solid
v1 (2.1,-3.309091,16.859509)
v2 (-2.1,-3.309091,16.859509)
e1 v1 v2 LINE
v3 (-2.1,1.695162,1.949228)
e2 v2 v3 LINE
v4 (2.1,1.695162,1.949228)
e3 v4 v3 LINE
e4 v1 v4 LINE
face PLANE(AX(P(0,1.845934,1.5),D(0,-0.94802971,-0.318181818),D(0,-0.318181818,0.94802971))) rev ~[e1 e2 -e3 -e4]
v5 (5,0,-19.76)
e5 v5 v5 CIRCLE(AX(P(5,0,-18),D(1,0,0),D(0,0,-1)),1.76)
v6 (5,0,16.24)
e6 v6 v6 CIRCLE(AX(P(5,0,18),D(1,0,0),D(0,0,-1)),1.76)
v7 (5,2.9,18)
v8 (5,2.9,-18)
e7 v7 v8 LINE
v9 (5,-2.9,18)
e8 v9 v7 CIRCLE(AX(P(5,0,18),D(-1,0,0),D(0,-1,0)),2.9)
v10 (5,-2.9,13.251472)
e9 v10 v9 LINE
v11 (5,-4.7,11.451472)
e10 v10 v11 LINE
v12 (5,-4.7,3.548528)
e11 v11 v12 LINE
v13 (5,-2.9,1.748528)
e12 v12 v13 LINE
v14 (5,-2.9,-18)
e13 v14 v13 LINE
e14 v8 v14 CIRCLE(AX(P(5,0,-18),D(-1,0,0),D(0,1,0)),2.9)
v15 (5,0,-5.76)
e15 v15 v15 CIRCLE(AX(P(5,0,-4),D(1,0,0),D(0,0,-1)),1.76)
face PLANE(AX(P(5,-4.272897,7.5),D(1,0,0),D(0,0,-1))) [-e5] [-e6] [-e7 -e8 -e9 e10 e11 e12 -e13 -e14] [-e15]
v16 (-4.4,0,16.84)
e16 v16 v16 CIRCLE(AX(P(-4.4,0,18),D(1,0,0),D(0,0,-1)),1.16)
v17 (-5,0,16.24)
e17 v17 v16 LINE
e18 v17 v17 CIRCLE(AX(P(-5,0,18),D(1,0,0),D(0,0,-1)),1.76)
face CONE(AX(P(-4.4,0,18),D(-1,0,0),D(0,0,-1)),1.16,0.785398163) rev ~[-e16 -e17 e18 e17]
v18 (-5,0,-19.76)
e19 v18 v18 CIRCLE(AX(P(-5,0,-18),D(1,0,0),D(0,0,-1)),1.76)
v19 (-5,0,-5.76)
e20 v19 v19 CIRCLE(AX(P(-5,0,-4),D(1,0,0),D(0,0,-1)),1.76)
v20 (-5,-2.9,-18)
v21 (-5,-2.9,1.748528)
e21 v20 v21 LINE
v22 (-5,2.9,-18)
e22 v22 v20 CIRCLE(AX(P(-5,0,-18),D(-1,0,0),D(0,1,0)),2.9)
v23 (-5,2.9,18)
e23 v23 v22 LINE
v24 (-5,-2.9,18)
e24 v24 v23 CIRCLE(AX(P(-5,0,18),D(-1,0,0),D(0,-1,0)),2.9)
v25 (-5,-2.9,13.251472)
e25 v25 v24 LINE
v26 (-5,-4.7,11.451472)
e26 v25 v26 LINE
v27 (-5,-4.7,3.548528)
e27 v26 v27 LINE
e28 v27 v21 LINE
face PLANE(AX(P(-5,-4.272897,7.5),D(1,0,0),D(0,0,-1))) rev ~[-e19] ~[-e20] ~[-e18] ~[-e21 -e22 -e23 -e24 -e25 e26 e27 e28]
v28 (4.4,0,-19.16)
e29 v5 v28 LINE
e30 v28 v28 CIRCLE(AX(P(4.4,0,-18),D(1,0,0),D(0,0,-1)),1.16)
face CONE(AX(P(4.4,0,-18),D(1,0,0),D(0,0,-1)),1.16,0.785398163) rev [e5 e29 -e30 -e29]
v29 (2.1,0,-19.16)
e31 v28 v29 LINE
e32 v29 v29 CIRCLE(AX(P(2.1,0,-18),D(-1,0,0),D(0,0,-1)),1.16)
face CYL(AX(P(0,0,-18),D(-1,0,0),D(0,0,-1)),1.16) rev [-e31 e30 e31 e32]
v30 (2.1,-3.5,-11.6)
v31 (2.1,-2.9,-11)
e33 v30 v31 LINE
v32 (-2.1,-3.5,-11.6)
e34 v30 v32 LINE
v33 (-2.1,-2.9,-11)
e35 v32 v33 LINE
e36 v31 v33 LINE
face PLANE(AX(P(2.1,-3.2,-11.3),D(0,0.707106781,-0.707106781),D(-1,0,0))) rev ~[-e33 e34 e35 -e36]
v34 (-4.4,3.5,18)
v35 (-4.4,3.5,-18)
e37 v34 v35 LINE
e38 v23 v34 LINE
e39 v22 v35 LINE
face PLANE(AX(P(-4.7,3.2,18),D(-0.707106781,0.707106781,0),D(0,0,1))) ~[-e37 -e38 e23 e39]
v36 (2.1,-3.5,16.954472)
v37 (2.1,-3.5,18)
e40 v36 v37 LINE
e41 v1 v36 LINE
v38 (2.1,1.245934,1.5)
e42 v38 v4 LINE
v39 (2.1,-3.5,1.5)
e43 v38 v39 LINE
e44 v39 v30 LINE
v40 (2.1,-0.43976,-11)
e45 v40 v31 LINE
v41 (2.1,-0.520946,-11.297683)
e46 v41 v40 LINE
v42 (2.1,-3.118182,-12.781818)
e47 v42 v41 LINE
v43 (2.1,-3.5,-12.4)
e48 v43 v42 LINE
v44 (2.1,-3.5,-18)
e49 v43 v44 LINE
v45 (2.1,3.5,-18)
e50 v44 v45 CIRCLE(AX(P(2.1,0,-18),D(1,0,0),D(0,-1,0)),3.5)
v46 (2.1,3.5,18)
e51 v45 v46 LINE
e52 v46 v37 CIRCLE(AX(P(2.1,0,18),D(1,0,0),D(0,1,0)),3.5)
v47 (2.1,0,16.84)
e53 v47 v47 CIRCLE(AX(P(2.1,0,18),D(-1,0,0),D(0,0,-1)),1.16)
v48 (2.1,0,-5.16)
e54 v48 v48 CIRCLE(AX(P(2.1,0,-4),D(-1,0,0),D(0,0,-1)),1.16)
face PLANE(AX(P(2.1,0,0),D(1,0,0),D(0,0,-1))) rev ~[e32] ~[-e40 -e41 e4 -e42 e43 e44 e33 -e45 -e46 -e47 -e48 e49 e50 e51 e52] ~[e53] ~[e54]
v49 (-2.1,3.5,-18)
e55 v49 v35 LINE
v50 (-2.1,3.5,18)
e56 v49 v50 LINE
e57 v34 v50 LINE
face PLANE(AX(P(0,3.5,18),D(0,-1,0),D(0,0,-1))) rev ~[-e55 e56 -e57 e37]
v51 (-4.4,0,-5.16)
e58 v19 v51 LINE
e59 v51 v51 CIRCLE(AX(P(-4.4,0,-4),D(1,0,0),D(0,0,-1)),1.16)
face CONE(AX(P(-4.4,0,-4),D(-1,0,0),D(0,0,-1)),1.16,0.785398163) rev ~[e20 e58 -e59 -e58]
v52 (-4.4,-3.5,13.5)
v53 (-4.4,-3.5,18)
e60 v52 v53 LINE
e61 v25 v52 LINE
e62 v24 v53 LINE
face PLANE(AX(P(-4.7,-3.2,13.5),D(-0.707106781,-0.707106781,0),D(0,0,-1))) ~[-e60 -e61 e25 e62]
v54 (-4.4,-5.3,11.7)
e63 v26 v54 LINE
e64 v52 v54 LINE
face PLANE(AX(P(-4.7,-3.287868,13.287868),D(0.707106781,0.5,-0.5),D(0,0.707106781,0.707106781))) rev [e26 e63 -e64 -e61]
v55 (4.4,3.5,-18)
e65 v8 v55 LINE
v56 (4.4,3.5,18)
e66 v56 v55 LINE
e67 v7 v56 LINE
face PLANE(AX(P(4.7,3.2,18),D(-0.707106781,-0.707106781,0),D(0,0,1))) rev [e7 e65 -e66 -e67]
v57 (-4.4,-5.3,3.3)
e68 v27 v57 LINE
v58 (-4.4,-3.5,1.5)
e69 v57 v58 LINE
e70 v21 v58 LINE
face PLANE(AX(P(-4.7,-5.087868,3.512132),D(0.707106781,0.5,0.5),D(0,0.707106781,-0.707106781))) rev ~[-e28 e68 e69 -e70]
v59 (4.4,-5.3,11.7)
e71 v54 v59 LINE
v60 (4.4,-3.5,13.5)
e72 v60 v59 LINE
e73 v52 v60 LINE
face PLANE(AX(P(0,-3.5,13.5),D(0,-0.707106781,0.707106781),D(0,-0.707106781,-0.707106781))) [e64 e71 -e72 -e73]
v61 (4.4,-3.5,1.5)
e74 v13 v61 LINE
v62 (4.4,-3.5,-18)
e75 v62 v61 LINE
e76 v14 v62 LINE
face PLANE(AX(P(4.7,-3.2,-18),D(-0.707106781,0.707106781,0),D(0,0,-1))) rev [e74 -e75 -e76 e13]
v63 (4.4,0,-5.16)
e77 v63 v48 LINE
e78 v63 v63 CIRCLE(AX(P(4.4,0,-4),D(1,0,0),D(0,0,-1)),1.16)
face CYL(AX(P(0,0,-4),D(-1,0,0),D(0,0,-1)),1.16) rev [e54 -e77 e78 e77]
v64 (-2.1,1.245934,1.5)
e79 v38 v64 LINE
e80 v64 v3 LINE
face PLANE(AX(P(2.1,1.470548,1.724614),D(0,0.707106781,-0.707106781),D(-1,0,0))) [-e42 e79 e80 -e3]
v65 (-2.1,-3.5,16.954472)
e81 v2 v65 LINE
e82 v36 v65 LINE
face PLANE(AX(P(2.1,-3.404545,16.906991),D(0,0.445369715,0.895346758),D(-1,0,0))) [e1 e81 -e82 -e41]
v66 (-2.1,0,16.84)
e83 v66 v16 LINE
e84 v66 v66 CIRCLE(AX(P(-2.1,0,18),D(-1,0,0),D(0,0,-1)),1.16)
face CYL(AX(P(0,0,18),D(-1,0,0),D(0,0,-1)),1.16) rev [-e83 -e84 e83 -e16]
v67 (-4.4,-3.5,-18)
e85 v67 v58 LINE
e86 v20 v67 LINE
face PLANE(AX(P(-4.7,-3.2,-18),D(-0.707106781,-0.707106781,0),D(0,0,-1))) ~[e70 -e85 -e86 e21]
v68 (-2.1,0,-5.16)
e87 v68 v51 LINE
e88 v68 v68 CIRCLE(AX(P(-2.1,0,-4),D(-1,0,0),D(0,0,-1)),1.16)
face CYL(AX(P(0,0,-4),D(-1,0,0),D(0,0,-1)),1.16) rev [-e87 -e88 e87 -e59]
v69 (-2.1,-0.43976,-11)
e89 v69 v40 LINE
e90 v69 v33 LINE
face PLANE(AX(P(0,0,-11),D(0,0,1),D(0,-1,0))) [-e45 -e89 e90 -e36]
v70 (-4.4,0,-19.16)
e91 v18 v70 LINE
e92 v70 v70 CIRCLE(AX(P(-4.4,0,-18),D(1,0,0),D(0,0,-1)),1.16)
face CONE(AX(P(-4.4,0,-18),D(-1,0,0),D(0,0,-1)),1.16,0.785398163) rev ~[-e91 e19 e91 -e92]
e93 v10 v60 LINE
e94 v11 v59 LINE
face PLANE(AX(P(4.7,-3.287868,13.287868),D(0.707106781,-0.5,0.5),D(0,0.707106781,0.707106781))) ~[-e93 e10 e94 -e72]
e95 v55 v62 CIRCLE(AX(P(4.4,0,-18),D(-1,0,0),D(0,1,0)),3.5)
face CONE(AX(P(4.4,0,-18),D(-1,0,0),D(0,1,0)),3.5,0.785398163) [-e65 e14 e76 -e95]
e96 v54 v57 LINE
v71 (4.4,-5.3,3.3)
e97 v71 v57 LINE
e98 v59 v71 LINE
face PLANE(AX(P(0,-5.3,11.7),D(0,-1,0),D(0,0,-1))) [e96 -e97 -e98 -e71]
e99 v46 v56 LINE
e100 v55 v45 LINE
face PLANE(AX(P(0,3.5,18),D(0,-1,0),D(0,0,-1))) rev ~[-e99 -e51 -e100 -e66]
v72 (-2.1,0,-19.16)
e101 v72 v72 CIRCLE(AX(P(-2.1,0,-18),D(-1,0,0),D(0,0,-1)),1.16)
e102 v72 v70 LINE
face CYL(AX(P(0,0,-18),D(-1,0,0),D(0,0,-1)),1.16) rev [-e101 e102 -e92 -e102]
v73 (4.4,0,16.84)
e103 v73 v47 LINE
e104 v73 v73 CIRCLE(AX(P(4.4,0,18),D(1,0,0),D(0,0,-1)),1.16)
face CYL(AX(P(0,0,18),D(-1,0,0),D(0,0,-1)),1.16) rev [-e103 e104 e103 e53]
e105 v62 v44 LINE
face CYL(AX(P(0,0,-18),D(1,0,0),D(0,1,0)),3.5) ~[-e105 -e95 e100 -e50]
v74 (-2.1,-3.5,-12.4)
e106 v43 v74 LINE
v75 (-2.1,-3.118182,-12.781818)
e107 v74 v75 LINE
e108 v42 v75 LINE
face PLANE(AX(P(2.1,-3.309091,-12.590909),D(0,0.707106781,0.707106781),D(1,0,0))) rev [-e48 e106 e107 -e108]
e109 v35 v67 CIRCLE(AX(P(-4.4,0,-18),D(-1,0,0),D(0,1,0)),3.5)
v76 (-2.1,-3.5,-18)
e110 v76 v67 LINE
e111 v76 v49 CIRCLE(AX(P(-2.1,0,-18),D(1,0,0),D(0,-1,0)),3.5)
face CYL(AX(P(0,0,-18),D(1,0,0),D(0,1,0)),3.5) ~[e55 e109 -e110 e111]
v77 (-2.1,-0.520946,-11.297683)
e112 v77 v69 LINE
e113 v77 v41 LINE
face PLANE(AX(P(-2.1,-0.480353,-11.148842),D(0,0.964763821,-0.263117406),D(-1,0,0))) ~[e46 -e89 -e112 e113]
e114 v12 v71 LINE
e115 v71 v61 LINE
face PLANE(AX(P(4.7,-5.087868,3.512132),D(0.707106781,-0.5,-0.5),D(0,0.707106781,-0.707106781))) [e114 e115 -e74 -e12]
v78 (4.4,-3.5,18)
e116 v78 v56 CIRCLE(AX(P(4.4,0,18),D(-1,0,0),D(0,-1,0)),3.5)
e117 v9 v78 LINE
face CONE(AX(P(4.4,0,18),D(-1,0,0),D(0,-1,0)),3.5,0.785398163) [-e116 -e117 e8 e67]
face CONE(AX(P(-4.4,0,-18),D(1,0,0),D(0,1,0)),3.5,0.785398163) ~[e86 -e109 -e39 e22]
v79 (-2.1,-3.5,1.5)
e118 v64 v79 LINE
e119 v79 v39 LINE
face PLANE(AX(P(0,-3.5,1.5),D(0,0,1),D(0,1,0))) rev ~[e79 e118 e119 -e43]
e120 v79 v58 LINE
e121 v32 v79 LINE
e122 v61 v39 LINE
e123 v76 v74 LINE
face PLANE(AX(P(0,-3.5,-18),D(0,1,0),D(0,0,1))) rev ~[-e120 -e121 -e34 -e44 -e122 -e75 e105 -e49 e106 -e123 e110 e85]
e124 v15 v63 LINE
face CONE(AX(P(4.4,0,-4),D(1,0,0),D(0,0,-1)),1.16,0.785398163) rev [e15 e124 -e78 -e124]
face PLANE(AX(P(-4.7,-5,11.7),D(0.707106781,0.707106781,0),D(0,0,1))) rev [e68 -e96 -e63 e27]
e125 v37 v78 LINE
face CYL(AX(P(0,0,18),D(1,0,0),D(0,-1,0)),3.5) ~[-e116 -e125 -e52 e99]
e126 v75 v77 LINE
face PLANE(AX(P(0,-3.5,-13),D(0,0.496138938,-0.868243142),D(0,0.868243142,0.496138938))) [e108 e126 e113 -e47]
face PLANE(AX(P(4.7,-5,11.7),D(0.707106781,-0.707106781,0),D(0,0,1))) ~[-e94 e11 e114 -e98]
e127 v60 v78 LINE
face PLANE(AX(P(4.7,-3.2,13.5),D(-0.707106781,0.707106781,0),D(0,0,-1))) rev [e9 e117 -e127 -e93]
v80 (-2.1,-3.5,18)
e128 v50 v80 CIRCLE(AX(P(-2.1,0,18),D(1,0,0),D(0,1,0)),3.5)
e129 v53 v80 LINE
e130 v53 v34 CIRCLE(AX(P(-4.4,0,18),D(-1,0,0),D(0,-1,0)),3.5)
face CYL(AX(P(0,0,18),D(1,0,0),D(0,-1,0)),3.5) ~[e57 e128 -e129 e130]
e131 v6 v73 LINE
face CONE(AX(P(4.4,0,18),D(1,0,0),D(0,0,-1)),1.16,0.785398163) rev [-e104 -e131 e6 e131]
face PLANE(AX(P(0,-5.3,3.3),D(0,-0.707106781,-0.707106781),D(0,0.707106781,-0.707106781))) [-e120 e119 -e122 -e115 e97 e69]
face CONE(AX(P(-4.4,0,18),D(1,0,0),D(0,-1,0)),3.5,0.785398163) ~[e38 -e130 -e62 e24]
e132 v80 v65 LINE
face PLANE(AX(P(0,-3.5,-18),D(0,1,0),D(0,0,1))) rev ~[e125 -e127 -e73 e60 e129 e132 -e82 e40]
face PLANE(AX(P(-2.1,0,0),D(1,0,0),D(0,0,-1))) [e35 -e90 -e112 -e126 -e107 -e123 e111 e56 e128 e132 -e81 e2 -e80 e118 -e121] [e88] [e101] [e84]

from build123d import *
from OCP.BRepFilletAPI import BRepFilletAPI_MakeChamfer

# Parameters (mm, degrees)
SKETCH_1_R          = 1.16
EXTRUDE_1_DEPTH     = 5
CUT_EXTRUDE_1_DEPTH = 2.1
EXTRUDE_2_DEPTH     = 2.5
EXTRUDE_3_DEPTH     = 5
CHAMFER_2_SIZE      = 0.6
CHAMFER_2_SIZE2     = 0.4738544759401763
CHAMFER_2_SIZE2_2   = 0.4738544759401755
CHAMFER_2_SIZE2_3   = 0.4397595135435583
CHAMFER_2_SIZE2_4   = 0.43975951354355786


with BuildPart() as part:
    # 草图1 → 凸台-拉伸1 (new, symmetric)
    with BuildSketch(Plane(origin=(0, 0, 0), x_dir=(0, 0, -1), z_dir=(1, 0, 0))):
        with BuildLine():
            Line((-18.000000000000004, 3.500000000000003), (18.000000000000004, 3.500000000000003))
            ThreePointArc((18.000000000000004, 3.500000000000003), (21.50000000000001, 3.31e-15), (18.000000000000004, -3.500000000000003))
            Line((18.000000000000004, -3.500000000000003), (-18.000000000000004, -3.500000000000003))
            ThreePointArc((-18.000000000000004, -3.500000000000003), (-21.500000000000004, 3.74e-15), (-18.000000000000004, 3.500000000000003))
        make_face()
        with Locations((18.000000000000004, 3.31e-15)):
            Circle(SKETCH_1_R, mode=Mode.SUBTRACT)
        with Locations((4, -2.2e-15)):
            Circle(SKETCH_1_R, mode=Mode.SUBTRACT)
        with Locations((-18.000000000000004, 3.31e-15)):
            Circle(SKETCH_1_R, mode=Mode.SUBTRACT)
    extrude(amount=EXTRUDE_1_DEPTH, both=True)

    # 草图2 → 切除-拉伸1 (cut, symmetric)
    with BuildSketch(Plane(origin=(0, 0, 0), x_dir=(0, 0, -1), z_dir=(1, 0, 0))):
        with BuildLine():
            Line((-18.000000000000004, -3.4999999999999996), (18.000000000000004, -3.4999999999999996))
            ThreePointArc((18.000000000000004, -3.4999999999999996), (21.500000000000007, 3.31e-15), (18.000000000000004, 3.500000000000005))
            Line((18.000000000000004, 3.500000000000005), (-18.000000000000004, 3.5000000000000067))
            ThreePointArc((-18.000000000000004, 3.5000000000000067), (-21.500000000000007, 3.74e-15), (-18.000000000000004, -3.4999999999999996))
        make_face()
    extrude(amount=CUT_EXTRUDE_1_DEPTH, both=True, mode=Mode.SUBTRACT)


with BuildPart() as cut_extrude_1_piece_1:
    # of the separate pieces the step leaves, piece 1, a body of its own (cut_extrude_1_pieces)
    add(part.part.solids().sort_by_distance((-5, 3.5, 18))[0])



with BuildPart() as cut_extrude_1_piece_2:
    # of the separate pieces the step leaves, piece 2, a body of its own (cut_extrude_1_pieces)
    add(part.part.solids().sort_by_distance((2.1, 3.5, 18))[0])


with BuildPart() as cut_extrude_1_piece_1_1:
    add(cut_extrude_1_piece_1.part)

    add(cut_extrude_1_piece_2.part)  # 凸台-拉伸2 merges 切除-拉伸1 piece 2
    # 草图2<4> → 凸台-拉伸2 (add, symmetric)
    with BuildSketch(Plane(origin=(0, 0, 0), x_dir=(0, 0, -1), z_dir=(1, 0, 0))):
        Polygon((-16.886363638073764, -3.3181039847171285), (-17.42832680730712, -3.500000000000003), (-1.5000000000000036, -3.4999999999999996), (-1.5000000000000053, 1.8459337107187295), align=None)
        Polygon((13.000000000000002, -3.5000000000000013), (11.000000000000002, -8.6e-16), (11.000000000000004, -3.4999999999999996), align=None)
    extrude(amount=EXTRUDE_2_DEPTH, both=True)

    # 草图3 → 凸台-拉伸3 (add, symmetric)
    with BuildSketch(Plane(origin=(0, 0, 0), x_dir=(0, 0, -1), z_dir=(1, 0, 0))):
        Polygon((-1.5000000000000049, -3.4999999999999996), (-13.500000000000005, -3.5000000000000027), (-11.699999999999978, -5.3000000000000025), (-3.3000000000000287, -5.300000000000003), align=None)
    extrude(amount=EXTRUDE_3_DEPTH, both=True)

    # 倒角2: one chamfer whose edges measure the first distance from different faces: ONE call of the kernel's chamfer builder (chamfer() names one face for all edges)
    chamfer_2_edges_1 = [cut_extrude_1_piece_1_1.edges().sort_by_distance(p)[0] for p in [
        (-5, -4.4e-16, 21.500000000000004),
        (-5, -3.500000000000003, 15.750000000000004),
        (-5, -1.2e-16, -21.50000000000001),
        (-5, 3.500000000000003, 0),
        (-5, 3.45e-15, -16.840000000000003),
        (-5, -2.06e-15, -2.84),
        (-5, 3.45e-15, 19.160000000000004),
        (5, 3.45e-15, -16.840000000000003),
        (5, -2.06e-15, -2.84),
        (5, -4.4e-16, 21.500000000000004),
        (5, -3.500000000000003, 15.750000000000004),
        (5, -1.2e-16, -21.50000000000001),
        (5, 3.500000000000003, 0),
        (5, 3.45e-15, 19.160000000000004),
        (4.4e-16, -3.4999999999999996, -11.000000000000004),
        (5, -3.500000000000003, -8.25),
        (-5, -3.500000000000003, -8.25),
        (-5, -4.400000000000002, 12.59999999999999),
        (-5, -5.3000000000000025, 7.5000000000000036),
        (-5, -4.400000000000001, 2.400000000000017),
        (5, -4.400000000000002, 12.59999999999999),
        (5, -5.3000000000000025, 7.5000000000000036),
        (5, -4.400000000000001, 2.400000000000017),
    ]]
    chamfer_2_edges_2 = [cut_extrude_1_piece_1_1.edges().sort_by_distance(p)[0] for p in [
        (4.4e-16, 1.8459337107187292, 1.5000000000000053),
    ]]
    chamfer_2_side_2 = [cut_extrude_1_piece_1_1.faces().sort_by_distance(p)[0] for p in [
        (1e-17, -0.827033144640636, 1.500000000000005),
    ]]
    chamfer_2_edges_3 = [cut_extrude_1_piece_1_1.edges().sort_by_distance(p)[0] for p in [
        (4.4e-16, -3.5000000000000013, 17.42832680730712),
    ]]
    chamfer_2_side_3 = [cut_extrude_1_piece_1_1.faces().sort_by_distance(p)[0] for p in [
        (-2e-17, -0.8270331446406359, 9.464163403653561),
    ]]
    chamfer_2_edges_4 = [cut_extrude_1_piece_1_1.edges().sort_by_distance(p)[0] for p in [
        (4.4e-16, -3.5000000000000013, -13.000000000000002),
    ]]
    chamfer_2_side_4 = [cut_extrude_1_piece_1_1.faces().sort_by_distance(p)[0] for p in [
        (4.780853929991888, -3.500000000000003, -8.25),
    ]]
    chamfer_2_edges_5 = [cut_extrude_1_piece_1_1.edges().sort_by_distance(p)[0] for p in [
        (-4.4e-16, -8.6e-16, -11.000000000000002),
    ]]
    chamfer_2_side_5 = [cut_extrude_1_piece_1_1.faces().sort_by_distance(p)[0] for p in [
        (-1e-17, -1.7500000000000009, -12.000000000000002),
    ]]
    chamfer_2 = BRepFilletAPI_MakeChamfer(cut_extrude_1_piece_1_1.part.solid().wrapped)
    for e in chamfer_2_edges_1:
        chamfer_2.Add(CHAMFER_2_SIZE, e.wrapped)
    for e in chamfer_2_edges_2:
        chamfer_2.Add(CHAMFER_2_SIZE, CHAMFER_2_SIZE2, e.wrapped, chamfer_2_side_2[0].wrapped)  # the first distance lies on this face
    for e in chamfer_2_edges_3:
        chamfer_2.Add(CHAMFER_2_SIZE, CHAMFER_2_SIZE2_2, e.wrapped, chamfer_2_side_3[0].wrapped)  # the first distance lies on this face
    for e in chamfer_2_edges_4:
        chamfer_2.Add(CHAMFER_2_SIZE, CHAMFER_2_SIZE2_3, e.wrapped, chamfer_2_side_4[0].wrapped)  # the first distance lies on this face
    for e in chamfer_2_edges_5:
        chamfer_2.Add(CHAMFER_2_SIZE, CHAMFER_2_SIZE2_4, e.wrapped, chamfer_2_side_5[0].wrapped)  # the first distance lies on this face
    add(Compound.cast(chamfer_2.Shape()), mode=Mode.REPLACE)


solid = cut_extrude_1_piece_1_1.part
